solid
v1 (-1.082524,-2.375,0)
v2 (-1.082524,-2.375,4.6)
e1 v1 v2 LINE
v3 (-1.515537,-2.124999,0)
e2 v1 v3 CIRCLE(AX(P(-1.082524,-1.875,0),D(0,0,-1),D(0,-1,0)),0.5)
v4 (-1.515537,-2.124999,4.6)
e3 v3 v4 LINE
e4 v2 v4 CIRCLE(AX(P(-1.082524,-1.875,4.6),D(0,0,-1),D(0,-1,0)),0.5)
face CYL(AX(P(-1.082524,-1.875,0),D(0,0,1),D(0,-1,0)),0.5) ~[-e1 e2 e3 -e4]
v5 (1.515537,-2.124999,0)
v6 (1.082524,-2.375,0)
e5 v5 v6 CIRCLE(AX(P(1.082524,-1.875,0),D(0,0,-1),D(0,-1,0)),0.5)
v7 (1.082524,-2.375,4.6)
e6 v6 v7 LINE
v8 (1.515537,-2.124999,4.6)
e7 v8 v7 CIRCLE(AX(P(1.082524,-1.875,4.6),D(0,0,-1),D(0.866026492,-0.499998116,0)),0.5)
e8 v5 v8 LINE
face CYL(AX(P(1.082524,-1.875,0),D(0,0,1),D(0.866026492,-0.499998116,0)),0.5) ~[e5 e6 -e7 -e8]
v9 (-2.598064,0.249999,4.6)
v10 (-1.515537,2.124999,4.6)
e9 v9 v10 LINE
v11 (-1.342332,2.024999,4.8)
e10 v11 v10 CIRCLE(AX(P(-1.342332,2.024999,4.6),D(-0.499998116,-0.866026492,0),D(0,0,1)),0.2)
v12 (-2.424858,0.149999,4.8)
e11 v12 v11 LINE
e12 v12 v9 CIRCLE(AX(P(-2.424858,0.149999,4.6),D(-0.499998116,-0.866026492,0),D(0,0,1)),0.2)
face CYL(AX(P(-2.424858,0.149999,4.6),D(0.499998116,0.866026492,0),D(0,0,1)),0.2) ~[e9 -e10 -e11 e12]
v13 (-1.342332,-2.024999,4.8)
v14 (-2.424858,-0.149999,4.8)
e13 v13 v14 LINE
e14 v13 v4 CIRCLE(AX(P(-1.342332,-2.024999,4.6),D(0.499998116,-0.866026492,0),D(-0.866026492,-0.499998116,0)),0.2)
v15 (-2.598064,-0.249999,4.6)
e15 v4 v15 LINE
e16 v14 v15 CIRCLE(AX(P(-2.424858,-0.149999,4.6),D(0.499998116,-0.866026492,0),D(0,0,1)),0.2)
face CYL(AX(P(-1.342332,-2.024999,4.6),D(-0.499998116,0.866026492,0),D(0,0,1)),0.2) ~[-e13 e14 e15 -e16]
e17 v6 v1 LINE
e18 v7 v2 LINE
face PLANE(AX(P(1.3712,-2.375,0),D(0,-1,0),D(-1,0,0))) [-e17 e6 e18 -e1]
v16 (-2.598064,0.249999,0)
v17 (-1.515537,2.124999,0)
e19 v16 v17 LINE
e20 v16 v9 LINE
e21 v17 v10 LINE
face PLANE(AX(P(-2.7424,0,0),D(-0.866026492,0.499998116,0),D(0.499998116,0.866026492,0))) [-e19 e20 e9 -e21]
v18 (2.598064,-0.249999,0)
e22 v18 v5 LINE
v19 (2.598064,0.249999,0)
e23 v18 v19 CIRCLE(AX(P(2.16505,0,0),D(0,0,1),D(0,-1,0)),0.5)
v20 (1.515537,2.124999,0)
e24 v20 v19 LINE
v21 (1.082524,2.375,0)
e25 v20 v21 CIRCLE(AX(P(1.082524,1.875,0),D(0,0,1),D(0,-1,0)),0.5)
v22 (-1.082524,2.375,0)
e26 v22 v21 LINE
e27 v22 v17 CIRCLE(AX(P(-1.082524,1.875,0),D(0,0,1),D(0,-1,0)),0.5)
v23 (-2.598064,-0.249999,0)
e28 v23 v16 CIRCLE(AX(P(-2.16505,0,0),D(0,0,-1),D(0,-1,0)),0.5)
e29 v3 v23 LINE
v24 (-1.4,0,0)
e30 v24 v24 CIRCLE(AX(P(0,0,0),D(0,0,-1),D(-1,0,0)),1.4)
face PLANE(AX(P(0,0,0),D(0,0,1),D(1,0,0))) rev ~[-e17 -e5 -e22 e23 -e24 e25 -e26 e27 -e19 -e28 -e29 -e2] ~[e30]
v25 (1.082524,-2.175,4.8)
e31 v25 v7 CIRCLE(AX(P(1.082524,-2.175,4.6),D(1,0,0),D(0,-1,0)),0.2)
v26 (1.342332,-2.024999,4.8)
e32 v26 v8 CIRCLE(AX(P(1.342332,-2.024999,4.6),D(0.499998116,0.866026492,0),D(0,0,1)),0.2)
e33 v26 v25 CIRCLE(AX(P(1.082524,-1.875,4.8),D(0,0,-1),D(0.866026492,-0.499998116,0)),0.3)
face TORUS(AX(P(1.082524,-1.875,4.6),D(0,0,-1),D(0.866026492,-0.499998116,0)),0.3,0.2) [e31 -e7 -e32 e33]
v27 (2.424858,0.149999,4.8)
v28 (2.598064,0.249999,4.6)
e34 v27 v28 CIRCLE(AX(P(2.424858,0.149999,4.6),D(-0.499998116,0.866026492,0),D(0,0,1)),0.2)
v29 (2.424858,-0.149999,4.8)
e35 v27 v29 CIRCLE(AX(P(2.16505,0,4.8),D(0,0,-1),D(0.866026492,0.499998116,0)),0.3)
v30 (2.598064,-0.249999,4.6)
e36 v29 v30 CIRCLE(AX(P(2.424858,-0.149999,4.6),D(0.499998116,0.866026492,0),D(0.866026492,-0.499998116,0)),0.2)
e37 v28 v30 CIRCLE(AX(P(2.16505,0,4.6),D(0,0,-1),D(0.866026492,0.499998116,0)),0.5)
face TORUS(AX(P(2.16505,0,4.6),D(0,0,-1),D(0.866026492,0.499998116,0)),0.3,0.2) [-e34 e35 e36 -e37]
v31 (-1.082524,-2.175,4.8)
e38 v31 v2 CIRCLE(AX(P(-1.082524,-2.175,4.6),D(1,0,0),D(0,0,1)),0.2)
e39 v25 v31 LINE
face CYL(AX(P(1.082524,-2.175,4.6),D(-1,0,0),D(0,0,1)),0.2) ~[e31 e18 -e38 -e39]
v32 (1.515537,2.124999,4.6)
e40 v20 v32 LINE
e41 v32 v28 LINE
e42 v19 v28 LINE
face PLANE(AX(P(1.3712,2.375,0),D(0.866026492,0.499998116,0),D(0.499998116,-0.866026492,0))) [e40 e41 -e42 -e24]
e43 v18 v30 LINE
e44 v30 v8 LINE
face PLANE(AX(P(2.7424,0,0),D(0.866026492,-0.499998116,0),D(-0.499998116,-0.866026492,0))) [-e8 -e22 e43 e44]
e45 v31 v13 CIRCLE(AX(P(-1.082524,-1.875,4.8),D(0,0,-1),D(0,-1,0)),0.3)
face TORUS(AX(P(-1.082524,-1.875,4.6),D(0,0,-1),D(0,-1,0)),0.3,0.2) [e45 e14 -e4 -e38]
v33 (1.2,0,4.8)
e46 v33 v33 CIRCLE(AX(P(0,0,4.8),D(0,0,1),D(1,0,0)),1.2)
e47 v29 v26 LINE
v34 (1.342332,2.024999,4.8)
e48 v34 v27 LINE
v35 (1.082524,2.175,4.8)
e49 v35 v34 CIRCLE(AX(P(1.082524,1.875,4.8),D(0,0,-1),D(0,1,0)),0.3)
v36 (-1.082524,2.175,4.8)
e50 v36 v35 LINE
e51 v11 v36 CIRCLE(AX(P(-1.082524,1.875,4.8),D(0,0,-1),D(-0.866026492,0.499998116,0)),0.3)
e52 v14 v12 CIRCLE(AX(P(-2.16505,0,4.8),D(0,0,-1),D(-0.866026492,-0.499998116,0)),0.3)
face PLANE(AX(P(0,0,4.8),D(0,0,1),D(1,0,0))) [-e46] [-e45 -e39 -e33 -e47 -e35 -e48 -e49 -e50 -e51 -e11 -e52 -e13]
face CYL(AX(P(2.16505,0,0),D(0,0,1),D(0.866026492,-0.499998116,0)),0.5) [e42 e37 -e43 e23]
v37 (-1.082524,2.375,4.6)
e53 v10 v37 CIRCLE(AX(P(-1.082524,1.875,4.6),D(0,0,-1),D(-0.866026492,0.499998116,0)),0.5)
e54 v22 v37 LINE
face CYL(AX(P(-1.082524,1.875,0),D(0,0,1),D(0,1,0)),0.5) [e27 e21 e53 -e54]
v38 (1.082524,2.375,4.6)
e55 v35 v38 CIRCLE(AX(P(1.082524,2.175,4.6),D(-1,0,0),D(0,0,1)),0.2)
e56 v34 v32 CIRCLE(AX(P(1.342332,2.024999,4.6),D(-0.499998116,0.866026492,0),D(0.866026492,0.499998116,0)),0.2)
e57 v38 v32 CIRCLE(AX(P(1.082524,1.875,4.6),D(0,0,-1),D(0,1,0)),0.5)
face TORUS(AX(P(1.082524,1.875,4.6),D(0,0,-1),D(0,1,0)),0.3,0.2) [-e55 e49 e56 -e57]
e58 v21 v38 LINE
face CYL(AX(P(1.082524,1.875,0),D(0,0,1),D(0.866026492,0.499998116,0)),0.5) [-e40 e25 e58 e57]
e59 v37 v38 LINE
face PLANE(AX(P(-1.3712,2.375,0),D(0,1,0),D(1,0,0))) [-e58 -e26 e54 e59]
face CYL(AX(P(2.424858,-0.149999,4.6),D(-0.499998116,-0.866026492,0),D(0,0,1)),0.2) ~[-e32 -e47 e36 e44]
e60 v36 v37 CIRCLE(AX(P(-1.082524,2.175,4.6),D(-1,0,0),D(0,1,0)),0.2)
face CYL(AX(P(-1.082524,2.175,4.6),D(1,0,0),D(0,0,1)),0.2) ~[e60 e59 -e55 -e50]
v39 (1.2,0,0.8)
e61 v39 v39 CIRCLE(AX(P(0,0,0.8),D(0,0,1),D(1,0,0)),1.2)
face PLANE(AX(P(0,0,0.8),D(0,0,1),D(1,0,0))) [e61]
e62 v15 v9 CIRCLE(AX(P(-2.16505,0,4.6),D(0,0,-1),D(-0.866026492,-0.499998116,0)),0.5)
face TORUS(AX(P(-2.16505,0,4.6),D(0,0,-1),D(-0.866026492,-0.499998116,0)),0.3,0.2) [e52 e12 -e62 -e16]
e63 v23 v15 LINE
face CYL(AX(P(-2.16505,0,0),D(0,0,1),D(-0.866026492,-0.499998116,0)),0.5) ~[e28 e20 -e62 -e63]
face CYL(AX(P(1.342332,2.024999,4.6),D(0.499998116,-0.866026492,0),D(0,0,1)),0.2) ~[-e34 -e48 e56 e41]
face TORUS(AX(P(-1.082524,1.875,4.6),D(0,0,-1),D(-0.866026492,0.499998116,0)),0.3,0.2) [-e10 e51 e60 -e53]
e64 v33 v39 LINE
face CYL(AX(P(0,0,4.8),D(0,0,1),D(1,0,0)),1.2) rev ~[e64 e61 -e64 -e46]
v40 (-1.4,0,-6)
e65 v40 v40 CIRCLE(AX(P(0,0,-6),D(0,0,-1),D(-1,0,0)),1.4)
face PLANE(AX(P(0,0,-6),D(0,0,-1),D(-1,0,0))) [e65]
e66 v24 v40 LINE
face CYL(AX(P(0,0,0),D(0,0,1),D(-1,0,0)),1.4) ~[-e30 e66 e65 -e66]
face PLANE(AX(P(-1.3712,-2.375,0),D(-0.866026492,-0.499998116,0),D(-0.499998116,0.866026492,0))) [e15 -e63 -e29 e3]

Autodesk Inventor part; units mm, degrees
ref_plane "YZ Plane" through (0, 0, 0) normal (1, 0, 0) x (0, 1, 0)
ref_plane "XZ Plane" through (0, 0, 0) normal (0, 1, 0) x (-1, 0, 0)
ref_plane "XY Plane" through (0, 0, 0) normal (0, 0, 1) x (1, 0, 0)
sketch "Sketch1" plane through (0, 0, 0) normal (0, 0, 1) x (1, 0, 0)
  line L0 (2.7424, 0) -> (1.3712, -2.375)
  line L1 (1.3712, -2.375) -> (-1.3712, -2.375)
  line L2 (-1.3712, -2.375) -> (-2.7424, 0)
  line L3 (-2.7424, 0) -> (-1.3712, 2.375)
  line L4 (-1.3712, 2.375) -> (1.3712, 2.375)
  line L5 (1.3712, 2.375) -> (2.7424, 0)
  point P0 (0, 0)
  point P1 (0, 0)
  dimension "d0" = 4.75
extrude "Extrusion1" add sketch "Sketch1" along normal blind 4.8
sketch "Sketch2" plane through (0, 0, 0) normal (0, 0, -1) x (-1, 0, 0)
  circle A0 centre (0, 0) radius 1.4
  dimension "d3" = 2.8
extrude "Extrusion2" add sketch "Sketch2" along normal blind 6
sketch "Sketch3" plane through (0, 0, 4.8) normal (0, 0, 1) x (1, 0, 0)
  circle A0 centre (0, 0) radius 1.2
  dimension "d6" = 2.4
extrude "Extrusion3" cut sketch "Sketch3" against normal blind 4
fillet "Fillet1" radius 0.5 6 edges at (-2.7424, 0, 2.4) (-1.3712, -2.375, 2.4) (1.3712, -2.375, 2.4) (2.7424, 0, 2.4) (1.3712, 2.375, 2.4) (-1.3712, 2.375, 2.4)
fillet "Fillet2" radius 0.2 12 edges at (-2.0568, 1.1875, 4.8) (-2.6651, 0, 4.8) (-2.0568, -1.1875, 4.8) (-1.3325, -2.308, 4.8) (0, -2.375, 4.8) (1.3325, -2.308, 4.8) (2.0568, -1.1875, 4.8) (2.6651, 0, 4.8) (2.0568, 1.1875, 4.8) (1.3325, 2.308, 4.8) (0, 2.375, 4.8) (-1.3325, 2.308, 4.8)
properties part number "5207953-3"
